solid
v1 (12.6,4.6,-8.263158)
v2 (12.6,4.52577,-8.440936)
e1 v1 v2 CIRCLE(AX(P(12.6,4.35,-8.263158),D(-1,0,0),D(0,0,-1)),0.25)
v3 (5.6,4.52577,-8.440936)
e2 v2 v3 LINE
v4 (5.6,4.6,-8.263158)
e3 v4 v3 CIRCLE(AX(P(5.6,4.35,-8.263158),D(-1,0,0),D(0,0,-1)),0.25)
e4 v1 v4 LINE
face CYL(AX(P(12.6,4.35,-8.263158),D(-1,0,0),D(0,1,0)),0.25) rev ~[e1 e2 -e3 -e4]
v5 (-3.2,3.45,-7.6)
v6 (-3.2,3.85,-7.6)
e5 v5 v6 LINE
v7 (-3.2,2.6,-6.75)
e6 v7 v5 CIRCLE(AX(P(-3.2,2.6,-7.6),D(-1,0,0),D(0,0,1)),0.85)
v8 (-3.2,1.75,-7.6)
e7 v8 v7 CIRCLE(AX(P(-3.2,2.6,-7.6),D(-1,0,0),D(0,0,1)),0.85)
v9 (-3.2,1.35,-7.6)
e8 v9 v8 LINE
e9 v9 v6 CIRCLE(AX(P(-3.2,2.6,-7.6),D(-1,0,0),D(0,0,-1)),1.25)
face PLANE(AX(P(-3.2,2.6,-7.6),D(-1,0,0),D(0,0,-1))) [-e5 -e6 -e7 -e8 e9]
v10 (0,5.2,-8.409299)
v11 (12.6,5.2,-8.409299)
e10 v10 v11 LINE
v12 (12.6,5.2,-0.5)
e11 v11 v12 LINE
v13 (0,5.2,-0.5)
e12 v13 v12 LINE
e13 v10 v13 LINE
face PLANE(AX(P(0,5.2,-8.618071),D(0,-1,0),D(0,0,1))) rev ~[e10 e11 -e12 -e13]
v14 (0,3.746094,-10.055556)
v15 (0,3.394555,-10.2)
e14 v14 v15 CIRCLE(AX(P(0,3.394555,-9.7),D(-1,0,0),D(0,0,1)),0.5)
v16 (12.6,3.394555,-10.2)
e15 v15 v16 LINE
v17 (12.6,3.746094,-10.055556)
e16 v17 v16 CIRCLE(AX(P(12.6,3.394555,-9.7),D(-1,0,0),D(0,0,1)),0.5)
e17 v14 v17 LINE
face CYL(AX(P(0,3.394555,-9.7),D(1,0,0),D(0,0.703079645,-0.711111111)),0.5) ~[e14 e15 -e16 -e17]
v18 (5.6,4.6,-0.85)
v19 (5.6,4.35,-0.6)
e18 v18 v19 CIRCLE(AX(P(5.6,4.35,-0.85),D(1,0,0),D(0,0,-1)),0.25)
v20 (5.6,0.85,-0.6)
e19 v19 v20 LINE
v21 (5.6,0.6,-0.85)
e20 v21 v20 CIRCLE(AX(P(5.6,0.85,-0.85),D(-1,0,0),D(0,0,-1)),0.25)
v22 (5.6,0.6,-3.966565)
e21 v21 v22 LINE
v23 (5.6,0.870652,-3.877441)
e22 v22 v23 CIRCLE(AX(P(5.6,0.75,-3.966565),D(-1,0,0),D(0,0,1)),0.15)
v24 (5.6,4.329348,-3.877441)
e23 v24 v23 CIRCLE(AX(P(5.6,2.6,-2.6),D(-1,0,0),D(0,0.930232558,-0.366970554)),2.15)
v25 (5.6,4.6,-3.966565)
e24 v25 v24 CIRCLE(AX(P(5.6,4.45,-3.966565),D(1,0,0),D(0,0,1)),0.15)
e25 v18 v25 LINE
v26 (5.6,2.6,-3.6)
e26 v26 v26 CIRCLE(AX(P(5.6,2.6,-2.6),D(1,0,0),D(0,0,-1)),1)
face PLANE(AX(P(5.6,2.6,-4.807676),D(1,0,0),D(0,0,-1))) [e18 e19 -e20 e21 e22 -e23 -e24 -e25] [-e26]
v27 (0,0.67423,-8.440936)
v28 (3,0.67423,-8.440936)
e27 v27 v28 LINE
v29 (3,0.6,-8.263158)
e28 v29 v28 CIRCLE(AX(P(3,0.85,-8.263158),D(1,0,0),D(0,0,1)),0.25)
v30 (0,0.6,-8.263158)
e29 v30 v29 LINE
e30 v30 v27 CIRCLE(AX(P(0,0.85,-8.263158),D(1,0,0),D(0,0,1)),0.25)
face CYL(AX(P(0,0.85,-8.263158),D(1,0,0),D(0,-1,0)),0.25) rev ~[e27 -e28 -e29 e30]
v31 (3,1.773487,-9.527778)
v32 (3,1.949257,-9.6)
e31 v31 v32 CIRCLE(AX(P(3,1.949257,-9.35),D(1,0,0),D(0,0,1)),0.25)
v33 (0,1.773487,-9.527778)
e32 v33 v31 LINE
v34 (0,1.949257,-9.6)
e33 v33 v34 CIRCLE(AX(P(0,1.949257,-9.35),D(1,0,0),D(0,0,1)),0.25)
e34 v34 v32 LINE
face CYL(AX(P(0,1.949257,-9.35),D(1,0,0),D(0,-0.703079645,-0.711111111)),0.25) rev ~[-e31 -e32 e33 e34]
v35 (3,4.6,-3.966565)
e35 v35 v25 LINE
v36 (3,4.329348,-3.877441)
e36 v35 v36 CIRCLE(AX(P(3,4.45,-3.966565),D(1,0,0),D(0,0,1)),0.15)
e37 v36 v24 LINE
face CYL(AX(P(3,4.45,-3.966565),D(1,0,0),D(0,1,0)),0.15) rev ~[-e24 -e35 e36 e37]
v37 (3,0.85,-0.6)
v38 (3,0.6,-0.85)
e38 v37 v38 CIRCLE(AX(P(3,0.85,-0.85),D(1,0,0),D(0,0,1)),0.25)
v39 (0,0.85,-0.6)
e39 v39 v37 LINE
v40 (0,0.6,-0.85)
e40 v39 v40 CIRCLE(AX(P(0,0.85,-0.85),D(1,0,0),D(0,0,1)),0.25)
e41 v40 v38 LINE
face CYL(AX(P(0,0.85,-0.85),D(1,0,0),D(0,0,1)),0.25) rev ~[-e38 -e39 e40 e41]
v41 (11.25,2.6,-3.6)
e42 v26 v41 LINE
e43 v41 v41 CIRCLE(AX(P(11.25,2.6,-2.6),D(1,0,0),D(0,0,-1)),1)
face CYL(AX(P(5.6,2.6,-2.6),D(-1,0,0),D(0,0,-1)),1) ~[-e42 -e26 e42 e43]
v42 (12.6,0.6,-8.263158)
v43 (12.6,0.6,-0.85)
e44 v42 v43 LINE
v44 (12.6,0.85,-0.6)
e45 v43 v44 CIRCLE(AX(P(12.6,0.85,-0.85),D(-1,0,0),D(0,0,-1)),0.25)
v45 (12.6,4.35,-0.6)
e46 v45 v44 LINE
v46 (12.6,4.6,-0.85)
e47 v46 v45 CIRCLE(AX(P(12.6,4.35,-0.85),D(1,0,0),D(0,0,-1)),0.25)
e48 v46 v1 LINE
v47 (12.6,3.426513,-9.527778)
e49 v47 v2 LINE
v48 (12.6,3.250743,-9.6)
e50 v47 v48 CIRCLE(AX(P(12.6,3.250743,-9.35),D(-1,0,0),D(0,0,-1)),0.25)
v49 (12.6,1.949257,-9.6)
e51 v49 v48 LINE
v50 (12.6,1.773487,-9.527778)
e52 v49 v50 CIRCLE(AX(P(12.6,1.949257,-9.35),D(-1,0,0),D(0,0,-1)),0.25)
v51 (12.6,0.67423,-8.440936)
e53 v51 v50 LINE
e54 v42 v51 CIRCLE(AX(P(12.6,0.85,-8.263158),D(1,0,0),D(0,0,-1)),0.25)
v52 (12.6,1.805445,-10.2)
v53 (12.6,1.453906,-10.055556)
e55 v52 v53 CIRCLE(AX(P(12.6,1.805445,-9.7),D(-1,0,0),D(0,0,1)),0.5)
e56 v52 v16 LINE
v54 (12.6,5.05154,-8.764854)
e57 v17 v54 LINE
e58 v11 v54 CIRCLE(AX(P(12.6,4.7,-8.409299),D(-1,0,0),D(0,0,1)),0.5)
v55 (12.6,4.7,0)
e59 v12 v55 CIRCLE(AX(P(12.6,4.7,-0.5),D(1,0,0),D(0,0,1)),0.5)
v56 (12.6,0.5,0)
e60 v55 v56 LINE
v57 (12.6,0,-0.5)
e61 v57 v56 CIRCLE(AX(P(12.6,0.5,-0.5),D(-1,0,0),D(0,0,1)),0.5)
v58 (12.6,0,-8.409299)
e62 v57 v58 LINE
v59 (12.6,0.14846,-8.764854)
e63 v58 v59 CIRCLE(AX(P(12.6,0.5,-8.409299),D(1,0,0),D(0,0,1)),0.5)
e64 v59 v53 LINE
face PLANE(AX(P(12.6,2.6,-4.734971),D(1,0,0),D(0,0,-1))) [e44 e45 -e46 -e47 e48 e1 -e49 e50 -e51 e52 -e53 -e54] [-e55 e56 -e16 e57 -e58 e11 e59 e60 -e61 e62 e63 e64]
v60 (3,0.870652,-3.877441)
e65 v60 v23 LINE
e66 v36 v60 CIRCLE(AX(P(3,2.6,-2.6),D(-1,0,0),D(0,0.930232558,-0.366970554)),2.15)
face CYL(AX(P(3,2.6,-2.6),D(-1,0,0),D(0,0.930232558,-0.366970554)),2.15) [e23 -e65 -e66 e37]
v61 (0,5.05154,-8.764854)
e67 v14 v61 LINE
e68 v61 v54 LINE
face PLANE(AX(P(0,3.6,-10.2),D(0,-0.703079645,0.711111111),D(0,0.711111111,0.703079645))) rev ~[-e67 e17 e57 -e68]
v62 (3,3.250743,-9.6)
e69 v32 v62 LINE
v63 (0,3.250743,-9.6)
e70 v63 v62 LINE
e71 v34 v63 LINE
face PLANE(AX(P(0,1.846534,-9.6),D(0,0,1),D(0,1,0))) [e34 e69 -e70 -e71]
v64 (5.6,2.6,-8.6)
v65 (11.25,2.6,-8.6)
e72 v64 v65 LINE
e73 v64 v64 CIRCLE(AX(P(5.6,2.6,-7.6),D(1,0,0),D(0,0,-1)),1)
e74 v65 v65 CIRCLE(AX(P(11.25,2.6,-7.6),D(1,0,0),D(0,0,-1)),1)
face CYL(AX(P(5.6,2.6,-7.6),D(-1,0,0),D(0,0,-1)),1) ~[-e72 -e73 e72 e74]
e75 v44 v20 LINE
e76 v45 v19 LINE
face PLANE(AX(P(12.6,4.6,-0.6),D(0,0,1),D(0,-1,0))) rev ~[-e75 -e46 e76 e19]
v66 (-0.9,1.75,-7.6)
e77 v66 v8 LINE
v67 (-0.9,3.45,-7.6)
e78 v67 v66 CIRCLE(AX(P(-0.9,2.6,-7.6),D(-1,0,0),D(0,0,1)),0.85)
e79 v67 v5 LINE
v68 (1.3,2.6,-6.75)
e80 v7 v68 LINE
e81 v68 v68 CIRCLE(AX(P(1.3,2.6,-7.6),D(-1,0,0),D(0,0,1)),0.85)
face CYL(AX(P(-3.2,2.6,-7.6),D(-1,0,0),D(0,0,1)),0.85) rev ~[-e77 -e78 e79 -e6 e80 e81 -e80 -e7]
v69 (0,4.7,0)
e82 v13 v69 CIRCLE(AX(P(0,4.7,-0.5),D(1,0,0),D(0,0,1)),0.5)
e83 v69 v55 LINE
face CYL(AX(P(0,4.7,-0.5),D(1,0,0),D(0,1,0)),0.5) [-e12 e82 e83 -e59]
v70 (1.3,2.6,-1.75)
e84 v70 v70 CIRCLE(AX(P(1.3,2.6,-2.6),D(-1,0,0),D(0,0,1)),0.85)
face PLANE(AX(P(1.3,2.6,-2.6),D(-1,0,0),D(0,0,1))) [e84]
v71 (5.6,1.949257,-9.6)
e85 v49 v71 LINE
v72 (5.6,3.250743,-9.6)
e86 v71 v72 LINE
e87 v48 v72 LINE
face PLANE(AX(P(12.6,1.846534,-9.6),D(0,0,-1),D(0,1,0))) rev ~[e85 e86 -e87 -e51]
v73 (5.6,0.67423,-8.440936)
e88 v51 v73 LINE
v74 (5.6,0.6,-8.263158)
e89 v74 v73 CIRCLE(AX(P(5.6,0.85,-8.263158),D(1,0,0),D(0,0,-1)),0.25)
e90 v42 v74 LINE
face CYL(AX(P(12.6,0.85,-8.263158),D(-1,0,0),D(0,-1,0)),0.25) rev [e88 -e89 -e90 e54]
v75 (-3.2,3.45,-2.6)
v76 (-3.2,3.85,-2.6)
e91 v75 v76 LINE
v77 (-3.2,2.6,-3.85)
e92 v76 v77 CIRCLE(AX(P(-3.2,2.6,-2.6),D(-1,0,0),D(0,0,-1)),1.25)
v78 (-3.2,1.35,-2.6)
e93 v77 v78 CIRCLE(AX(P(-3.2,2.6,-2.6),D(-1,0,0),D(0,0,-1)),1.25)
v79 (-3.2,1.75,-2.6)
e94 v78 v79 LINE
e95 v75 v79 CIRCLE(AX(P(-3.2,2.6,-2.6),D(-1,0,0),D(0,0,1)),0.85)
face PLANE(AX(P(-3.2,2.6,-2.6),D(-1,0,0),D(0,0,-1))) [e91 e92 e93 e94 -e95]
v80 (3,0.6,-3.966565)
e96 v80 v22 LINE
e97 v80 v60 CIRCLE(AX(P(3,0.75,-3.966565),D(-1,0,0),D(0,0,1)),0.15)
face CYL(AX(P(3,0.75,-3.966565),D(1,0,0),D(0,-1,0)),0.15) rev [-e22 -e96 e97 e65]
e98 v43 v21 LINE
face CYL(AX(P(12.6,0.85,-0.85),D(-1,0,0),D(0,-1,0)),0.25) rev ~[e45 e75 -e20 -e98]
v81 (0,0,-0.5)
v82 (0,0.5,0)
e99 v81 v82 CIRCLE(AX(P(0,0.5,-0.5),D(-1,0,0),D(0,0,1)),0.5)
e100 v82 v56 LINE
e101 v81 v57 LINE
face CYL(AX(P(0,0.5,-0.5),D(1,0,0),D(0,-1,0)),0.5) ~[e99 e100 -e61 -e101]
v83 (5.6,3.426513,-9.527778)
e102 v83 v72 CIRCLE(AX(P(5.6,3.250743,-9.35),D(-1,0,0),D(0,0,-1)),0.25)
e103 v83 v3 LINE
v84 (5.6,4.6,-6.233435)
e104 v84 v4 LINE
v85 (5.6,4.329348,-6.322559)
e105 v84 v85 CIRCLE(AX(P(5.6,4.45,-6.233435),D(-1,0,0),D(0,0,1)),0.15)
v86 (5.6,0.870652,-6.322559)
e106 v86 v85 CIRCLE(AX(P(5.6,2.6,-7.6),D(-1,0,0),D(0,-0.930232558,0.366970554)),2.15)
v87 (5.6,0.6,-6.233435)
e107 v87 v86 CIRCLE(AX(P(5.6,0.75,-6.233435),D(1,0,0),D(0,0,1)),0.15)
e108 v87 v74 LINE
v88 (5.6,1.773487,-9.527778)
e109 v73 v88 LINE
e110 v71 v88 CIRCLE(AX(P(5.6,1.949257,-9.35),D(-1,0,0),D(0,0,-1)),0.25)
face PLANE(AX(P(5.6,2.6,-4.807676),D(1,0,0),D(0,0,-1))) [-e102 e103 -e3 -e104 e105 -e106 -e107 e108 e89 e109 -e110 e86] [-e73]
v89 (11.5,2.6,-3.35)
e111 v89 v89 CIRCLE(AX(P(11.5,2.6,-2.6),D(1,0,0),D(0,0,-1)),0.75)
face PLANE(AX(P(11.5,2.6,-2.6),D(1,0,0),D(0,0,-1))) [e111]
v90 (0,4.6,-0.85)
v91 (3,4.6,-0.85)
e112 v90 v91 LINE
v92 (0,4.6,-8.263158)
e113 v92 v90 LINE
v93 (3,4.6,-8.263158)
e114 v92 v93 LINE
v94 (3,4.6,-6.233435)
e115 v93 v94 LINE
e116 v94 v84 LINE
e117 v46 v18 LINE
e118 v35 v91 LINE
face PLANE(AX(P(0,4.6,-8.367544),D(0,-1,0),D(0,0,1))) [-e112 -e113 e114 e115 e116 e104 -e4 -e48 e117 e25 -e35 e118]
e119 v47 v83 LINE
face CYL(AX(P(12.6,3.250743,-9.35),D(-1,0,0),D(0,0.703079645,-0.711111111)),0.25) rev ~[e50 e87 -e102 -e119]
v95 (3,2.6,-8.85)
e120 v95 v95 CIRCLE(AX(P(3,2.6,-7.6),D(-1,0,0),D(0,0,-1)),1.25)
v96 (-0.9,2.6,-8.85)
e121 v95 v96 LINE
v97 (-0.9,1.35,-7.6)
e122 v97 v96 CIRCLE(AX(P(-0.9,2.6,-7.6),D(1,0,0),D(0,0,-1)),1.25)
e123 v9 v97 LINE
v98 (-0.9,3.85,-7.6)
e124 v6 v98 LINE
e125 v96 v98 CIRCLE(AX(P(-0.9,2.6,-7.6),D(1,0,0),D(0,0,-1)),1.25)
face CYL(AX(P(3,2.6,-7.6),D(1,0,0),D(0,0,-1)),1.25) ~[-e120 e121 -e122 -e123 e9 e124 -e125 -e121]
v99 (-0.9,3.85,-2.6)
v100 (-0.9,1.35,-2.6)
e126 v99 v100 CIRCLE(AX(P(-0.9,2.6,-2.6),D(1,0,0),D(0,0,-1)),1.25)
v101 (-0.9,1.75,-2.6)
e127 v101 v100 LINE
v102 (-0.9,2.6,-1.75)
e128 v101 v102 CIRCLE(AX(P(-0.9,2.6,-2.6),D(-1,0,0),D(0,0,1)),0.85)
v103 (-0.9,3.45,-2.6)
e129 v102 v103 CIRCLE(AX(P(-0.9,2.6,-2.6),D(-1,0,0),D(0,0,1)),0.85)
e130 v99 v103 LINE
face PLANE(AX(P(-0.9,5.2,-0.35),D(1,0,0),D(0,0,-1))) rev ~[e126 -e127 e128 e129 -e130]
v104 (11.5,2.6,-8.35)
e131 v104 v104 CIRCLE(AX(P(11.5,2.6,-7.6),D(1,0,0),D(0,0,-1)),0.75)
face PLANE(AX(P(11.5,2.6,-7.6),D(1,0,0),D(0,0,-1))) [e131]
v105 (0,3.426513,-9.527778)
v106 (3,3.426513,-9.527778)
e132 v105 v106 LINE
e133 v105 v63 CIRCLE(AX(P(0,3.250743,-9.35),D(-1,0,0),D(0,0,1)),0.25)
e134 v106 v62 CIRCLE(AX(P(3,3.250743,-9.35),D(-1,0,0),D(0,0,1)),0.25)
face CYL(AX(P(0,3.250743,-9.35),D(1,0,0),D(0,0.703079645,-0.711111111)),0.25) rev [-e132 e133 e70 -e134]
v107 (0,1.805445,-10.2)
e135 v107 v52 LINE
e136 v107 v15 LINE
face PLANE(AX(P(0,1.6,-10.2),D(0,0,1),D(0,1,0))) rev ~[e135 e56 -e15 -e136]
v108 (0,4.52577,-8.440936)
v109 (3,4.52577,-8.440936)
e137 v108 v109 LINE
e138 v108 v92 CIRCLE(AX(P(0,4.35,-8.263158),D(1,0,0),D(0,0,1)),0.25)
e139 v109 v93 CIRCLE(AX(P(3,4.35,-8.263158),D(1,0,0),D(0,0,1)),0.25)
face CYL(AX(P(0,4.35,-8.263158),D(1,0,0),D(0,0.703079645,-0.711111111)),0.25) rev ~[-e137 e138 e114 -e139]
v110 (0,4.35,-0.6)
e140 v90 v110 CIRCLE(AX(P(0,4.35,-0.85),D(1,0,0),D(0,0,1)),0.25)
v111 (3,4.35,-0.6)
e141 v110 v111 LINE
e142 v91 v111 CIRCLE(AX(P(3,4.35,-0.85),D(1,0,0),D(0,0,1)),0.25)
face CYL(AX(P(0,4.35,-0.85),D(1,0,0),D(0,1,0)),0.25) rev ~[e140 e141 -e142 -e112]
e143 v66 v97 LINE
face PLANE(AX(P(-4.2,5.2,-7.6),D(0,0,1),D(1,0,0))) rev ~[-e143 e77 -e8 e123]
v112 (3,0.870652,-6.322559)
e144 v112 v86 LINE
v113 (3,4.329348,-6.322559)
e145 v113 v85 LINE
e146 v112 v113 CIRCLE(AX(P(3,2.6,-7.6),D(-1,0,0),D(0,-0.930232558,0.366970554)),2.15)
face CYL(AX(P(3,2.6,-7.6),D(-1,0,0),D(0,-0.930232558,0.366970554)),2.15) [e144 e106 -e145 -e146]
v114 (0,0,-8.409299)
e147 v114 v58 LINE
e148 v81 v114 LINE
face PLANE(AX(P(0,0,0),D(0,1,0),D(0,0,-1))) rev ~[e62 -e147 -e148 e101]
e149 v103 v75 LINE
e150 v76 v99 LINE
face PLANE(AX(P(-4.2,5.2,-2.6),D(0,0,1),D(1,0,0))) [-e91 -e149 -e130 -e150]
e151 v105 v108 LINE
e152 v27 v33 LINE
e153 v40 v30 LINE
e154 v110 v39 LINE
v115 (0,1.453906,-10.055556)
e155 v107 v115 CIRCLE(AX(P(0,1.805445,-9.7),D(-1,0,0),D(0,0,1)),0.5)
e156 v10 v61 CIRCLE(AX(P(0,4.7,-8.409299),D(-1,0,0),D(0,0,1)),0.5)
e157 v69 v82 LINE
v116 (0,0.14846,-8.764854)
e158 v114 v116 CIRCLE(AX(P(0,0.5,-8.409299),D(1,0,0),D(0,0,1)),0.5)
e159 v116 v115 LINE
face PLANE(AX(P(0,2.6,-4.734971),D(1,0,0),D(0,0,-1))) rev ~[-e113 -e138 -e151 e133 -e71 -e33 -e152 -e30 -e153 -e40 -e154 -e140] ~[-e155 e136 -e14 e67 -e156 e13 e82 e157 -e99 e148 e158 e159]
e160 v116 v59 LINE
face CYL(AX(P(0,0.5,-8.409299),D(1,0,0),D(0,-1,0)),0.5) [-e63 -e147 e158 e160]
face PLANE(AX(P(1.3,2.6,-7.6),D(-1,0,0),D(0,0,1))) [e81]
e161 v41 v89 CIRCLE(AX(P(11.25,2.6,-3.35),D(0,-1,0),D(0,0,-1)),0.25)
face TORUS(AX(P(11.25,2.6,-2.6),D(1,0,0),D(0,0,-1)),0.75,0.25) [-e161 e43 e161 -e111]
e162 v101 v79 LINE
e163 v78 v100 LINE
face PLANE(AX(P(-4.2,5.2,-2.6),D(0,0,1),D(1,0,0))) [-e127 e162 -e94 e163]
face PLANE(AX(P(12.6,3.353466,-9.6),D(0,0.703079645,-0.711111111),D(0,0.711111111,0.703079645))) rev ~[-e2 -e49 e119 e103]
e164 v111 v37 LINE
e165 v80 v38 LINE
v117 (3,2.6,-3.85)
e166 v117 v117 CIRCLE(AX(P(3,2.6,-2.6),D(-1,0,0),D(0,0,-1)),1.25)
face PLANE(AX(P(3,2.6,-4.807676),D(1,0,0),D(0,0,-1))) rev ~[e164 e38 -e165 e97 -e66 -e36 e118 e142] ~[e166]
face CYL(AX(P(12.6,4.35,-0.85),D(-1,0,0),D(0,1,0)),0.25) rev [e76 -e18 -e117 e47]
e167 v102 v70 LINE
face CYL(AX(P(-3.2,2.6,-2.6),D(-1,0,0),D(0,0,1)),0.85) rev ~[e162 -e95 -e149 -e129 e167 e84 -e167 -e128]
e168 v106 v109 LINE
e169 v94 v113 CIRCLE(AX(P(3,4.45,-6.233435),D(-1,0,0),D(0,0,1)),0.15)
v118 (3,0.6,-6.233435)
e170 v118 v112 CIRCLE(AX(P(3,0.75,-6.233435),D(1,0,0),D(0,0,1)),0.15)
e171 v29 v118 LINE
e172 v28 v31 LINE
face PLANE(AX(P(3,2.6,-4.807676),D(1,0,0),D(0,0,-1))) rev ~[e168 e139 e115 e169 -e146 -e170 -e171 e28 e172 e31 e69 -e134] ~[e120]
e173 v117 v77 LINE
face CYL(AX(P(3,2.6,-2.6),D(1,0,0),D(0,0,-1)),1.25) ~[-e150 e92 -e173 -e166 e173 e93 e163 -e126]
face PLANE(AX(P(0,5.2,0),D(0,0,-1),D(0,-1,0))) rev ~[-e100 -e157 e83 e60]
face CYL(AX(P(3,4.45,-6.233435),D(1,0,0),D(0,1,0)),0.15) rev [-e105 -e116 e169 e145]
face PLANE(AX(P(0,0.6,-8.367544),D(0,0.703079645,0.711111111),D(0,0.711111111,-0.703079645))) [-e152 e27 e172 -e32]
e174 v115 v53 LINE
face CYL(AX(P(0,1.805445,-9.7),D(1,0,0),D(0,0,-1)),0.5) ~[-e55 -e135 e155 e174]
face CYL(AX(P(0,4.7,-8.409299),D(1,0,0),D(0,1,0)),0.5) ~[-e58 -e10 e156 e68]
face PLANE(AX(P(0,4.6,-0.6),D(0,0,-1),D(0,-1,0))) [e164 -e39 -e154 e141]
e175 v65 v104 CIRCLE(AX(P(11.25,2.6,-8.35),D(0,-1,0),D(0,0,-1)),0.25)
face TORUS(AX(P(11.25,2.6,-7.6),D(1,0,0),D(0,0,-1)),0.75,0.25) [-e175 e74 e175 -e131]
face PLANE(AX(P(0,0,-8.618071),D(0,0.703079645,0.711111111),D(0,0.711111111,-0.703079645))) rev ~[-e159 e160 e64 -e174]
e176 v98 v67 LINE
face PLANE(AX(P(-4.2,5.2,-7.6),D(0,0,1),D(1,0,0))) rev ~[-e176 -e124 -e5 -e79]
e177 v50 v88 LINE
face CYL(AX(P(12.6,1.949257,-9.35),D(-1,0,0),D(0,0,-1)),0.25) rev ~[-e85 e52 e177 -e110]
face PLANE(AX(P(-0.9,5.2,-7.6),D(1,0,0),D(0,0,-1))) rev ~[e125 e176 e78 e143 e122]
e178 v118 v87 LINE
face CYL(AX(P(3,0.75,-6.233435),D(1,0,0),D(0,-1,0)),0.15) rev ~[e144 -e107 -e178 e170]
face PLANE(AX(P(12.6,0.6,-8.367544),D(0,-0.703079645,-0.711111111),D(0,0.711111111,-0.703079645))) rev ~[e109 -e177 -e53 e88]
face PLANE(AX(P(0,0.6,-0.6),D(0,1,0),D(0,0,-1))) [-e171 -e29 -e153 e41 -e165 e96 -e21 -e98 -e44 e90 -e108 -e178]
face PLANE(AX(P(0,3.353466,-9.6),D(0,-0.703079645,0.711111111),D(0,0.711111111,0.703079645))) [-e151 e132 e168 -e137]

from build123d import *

# Parameters (mm, degrees)
BOSS_EXTRUDE1_DEPTH = 12.6
CUT_EXTRUDE1_DEPTH  = 7
CUT_EXTRUDE2_DEPTH  = 3
SKETCH5_R           = 1
BOSS_EXTRUDE2_DEPTH = 5.9
SKETCH6_R           = 1.25
BOSS_EXTRUDE3_DEPTH = 6.2
SKETCH7_R           = 0.85
CUT_EXTRUDE3_DEPTH  = 4.5
SKETCH8_W           = 3.3
SKETCH8_H           = 2.25
CUT_EXTRUDE4_DEPTH  = 18.024687956
CUT_EXTRUDE5_DEPTH  = 15.941218156
FILLET1_R           = 0.5
FILLET2_R           = 0.25
FILLET3_R           = 0.15
FILLET4_R           = 0.25


with BuildPart() as part:
    # Sketch1 → Boss-Extrude1 (new body)
    with BuildSketch(Plane(origin=(0, 0, 0), x_dir=(0, 0, -1), z_dir=(1, 0, 0))):
        Polygon((0, 0), (8.618070798, 0), (10.2, 1.6), (10.2, 3.6), (8.618070798, 5.2), (0, 5.2), align=None)
    extrude(amount=BOSS_EXTRUDE1_DEPTH)

    # Sketch2 → Cut-Extrude1 (cut)
    with BuildSketch(Plane(origin=(12.6, 0, 0), x_dir=(0, 0, -1), z_dir=(1, 0, 0))):
        Polygon((9.6, 3.353465579), (8.367544249, 4.6), (0.6, 4.6), (0.6, 0.6), (8.367544249, 0.6), (9.6, 1.846534421), align=None)
    extrude(amount=-CUT_EXTRUDE1_DEPTH, mode=Mode.SUBTRACT)

    # Sketch3 → Cut-Extrude2 (cut)
    with BuildSketch(Plane(origin=(0, 0, 0), x_dir=(0, 0, -1), z_dir=(1, 0, 0))):
        Polygon((9.6, 3.353465579), (8.367544249, 4.6), (0.6, 4.6), (0.6, 0.6), (8.367544249, 0.6), (9.6, 1.846534421), align=None)
    extrude(amount=CUT_EXTRUDE2_DEPTH, mode=Mode.SUBTRACT)

    # Sketch5 → Boss-Extrude2 (add)
    with BuildSketch(Plane(origin=(5.6, 0, 0), x_dir=(0, 0, -1), z_dir=(1, 0, 0))):
        with Locations((2.6, 2.6)):
            Circle(SKETCH5_R)
        with Locations((7.6, 2.6)):
            Circle(SKETCH5_R)
    extrude(amount=BOSS_EXTRUDE2_DEPTH)

    # Sketch6 → Boss-Extrude3 (add)
    with BuildSketch(Plane.ZY.offset(-3)):
        with Locations(Location((-7.6, 2.6, 0), (0, 0, 180))):
            Circle(SKETCH6_R)
        with Locations(Location((-2.6, 2.6, 0), (0, 0, 180))):
            Circle(SKETCH6_R)
    extrude(amount=BOSS_EXTRUDE3_DEPTH)

    # Sketch7 → Cut-Extrude3 (cut)
    with BuildSketch(Plane.ZY.offset(3.2)):
        with Locations((-7.6, 2.6)):
            Circle(SKETCH7_R)
        with Locations((-2.6, 2.6)):
            Circle(SKETCH7_R)
    extrude(amount=-CUT_EXTRUDE3_DEPTH, mode=Mode.SUBTRACT)

    # Sketch8 → Cut-Extrude4 (cut, through all)
    with BuildSketch(Plane(origin=(0, 5.2, 0), x_dir=(1, 0, 0), z_dir=(0, 1, 0))):
        with Locations((-2.55, 8.725)):
            Rectangle(SKETCH8_W, SKETCH8_H)
        with Locations((-2.55, 1.475)):
            Rectangle(SKETCH8_W, SKETCH8_H)
    extrude(amount=-CUT_EXTRUDE4_DEPTH, mode=Mode.SUBTRACT)

    # Sketch9 → Cut-Extrude5 (cut, through all)
    with BuildSketch(Plane.ZY.offset(-3)):
        with BuildLine():
            Line((-6.811013308, 4.6), (-3.388986692, 4.6))
            ThreePointArc((-3.388986692, 4.6), (-4.75, 2.6), (-3.388986692, 0.6))
            Line((-3.388986692, 0.6), (-6.811013308, 0.6))
            ThreePointArc((-6.811013308, 0.6), (-5.45, 2.6), (-6.811013308, 4.6))
        make_face()
    extrude(amount=-CUT_EXTRUDE5_DEPTH, mode=Mode.SUBTRACT)

    # Fillet1
    fillet1_edges = [part.edges().sort_by_distance(p)[0] for p in [
        (6.3, 5.2, 0),
        (6.3, 5.2, -8.618070798),
        (6.3, 3.6, -10.2),
        (6.3, 1.6, -10.2),
        (6.3, 0, -8.618070798),
        (6.3, 0, 0),
    ]]
    fillet(fillet1_edges, radius=FILLET1_R)

    # Fillet2
    fillet2_edges = [part.edges().sort_by_distance(p)[0] for p in [
        (9.1, 3.353465579, -9.6),
        (9.1, 1.846534421, -9.6),
        (9.1, 0.6, -8.367544249),
        (9.1, 0.6, -0.6),
        (9.1, 4.6, -0.6),
        (9.1, 4.6, -8.367544249),
        (1.5, 1.846534421, -9.6),
        (1.5, 3.353465579, -9.6),
        (1.5, 4.6, -8.367544249),
        (1.5, 4.6, -0.6),
        (1.5, 0.6, -0.6),
        (1.5, 0.6, -8.367544249),
    ]]
    fillet(fillet2_edges, radius=FILLET2_R)

    # Fillet3
    fillet3_edges = [part.edges().sort_by_distance(p)[0] for p in [
        (4.3, 0.6, -6.811013308),
        (4.3, 4.6, -6.811013308),
        (4.3, 4.6, -3.388986692),
        (4.3, 0.6, -3.388986692),
    ]]
    fillet(fillet3_edges, radius=FILLET3_R)

    # Fillet4
    fillet4_edges = [part.edges().sort_by_distance(p)[0] for p in [
        (11.5, 2.6, -1.6),
        (11.5, 2.6, -6.6),
    ]]
    fillet(fillet4_edges, radius=FILLET4_R)


solid = part.part
